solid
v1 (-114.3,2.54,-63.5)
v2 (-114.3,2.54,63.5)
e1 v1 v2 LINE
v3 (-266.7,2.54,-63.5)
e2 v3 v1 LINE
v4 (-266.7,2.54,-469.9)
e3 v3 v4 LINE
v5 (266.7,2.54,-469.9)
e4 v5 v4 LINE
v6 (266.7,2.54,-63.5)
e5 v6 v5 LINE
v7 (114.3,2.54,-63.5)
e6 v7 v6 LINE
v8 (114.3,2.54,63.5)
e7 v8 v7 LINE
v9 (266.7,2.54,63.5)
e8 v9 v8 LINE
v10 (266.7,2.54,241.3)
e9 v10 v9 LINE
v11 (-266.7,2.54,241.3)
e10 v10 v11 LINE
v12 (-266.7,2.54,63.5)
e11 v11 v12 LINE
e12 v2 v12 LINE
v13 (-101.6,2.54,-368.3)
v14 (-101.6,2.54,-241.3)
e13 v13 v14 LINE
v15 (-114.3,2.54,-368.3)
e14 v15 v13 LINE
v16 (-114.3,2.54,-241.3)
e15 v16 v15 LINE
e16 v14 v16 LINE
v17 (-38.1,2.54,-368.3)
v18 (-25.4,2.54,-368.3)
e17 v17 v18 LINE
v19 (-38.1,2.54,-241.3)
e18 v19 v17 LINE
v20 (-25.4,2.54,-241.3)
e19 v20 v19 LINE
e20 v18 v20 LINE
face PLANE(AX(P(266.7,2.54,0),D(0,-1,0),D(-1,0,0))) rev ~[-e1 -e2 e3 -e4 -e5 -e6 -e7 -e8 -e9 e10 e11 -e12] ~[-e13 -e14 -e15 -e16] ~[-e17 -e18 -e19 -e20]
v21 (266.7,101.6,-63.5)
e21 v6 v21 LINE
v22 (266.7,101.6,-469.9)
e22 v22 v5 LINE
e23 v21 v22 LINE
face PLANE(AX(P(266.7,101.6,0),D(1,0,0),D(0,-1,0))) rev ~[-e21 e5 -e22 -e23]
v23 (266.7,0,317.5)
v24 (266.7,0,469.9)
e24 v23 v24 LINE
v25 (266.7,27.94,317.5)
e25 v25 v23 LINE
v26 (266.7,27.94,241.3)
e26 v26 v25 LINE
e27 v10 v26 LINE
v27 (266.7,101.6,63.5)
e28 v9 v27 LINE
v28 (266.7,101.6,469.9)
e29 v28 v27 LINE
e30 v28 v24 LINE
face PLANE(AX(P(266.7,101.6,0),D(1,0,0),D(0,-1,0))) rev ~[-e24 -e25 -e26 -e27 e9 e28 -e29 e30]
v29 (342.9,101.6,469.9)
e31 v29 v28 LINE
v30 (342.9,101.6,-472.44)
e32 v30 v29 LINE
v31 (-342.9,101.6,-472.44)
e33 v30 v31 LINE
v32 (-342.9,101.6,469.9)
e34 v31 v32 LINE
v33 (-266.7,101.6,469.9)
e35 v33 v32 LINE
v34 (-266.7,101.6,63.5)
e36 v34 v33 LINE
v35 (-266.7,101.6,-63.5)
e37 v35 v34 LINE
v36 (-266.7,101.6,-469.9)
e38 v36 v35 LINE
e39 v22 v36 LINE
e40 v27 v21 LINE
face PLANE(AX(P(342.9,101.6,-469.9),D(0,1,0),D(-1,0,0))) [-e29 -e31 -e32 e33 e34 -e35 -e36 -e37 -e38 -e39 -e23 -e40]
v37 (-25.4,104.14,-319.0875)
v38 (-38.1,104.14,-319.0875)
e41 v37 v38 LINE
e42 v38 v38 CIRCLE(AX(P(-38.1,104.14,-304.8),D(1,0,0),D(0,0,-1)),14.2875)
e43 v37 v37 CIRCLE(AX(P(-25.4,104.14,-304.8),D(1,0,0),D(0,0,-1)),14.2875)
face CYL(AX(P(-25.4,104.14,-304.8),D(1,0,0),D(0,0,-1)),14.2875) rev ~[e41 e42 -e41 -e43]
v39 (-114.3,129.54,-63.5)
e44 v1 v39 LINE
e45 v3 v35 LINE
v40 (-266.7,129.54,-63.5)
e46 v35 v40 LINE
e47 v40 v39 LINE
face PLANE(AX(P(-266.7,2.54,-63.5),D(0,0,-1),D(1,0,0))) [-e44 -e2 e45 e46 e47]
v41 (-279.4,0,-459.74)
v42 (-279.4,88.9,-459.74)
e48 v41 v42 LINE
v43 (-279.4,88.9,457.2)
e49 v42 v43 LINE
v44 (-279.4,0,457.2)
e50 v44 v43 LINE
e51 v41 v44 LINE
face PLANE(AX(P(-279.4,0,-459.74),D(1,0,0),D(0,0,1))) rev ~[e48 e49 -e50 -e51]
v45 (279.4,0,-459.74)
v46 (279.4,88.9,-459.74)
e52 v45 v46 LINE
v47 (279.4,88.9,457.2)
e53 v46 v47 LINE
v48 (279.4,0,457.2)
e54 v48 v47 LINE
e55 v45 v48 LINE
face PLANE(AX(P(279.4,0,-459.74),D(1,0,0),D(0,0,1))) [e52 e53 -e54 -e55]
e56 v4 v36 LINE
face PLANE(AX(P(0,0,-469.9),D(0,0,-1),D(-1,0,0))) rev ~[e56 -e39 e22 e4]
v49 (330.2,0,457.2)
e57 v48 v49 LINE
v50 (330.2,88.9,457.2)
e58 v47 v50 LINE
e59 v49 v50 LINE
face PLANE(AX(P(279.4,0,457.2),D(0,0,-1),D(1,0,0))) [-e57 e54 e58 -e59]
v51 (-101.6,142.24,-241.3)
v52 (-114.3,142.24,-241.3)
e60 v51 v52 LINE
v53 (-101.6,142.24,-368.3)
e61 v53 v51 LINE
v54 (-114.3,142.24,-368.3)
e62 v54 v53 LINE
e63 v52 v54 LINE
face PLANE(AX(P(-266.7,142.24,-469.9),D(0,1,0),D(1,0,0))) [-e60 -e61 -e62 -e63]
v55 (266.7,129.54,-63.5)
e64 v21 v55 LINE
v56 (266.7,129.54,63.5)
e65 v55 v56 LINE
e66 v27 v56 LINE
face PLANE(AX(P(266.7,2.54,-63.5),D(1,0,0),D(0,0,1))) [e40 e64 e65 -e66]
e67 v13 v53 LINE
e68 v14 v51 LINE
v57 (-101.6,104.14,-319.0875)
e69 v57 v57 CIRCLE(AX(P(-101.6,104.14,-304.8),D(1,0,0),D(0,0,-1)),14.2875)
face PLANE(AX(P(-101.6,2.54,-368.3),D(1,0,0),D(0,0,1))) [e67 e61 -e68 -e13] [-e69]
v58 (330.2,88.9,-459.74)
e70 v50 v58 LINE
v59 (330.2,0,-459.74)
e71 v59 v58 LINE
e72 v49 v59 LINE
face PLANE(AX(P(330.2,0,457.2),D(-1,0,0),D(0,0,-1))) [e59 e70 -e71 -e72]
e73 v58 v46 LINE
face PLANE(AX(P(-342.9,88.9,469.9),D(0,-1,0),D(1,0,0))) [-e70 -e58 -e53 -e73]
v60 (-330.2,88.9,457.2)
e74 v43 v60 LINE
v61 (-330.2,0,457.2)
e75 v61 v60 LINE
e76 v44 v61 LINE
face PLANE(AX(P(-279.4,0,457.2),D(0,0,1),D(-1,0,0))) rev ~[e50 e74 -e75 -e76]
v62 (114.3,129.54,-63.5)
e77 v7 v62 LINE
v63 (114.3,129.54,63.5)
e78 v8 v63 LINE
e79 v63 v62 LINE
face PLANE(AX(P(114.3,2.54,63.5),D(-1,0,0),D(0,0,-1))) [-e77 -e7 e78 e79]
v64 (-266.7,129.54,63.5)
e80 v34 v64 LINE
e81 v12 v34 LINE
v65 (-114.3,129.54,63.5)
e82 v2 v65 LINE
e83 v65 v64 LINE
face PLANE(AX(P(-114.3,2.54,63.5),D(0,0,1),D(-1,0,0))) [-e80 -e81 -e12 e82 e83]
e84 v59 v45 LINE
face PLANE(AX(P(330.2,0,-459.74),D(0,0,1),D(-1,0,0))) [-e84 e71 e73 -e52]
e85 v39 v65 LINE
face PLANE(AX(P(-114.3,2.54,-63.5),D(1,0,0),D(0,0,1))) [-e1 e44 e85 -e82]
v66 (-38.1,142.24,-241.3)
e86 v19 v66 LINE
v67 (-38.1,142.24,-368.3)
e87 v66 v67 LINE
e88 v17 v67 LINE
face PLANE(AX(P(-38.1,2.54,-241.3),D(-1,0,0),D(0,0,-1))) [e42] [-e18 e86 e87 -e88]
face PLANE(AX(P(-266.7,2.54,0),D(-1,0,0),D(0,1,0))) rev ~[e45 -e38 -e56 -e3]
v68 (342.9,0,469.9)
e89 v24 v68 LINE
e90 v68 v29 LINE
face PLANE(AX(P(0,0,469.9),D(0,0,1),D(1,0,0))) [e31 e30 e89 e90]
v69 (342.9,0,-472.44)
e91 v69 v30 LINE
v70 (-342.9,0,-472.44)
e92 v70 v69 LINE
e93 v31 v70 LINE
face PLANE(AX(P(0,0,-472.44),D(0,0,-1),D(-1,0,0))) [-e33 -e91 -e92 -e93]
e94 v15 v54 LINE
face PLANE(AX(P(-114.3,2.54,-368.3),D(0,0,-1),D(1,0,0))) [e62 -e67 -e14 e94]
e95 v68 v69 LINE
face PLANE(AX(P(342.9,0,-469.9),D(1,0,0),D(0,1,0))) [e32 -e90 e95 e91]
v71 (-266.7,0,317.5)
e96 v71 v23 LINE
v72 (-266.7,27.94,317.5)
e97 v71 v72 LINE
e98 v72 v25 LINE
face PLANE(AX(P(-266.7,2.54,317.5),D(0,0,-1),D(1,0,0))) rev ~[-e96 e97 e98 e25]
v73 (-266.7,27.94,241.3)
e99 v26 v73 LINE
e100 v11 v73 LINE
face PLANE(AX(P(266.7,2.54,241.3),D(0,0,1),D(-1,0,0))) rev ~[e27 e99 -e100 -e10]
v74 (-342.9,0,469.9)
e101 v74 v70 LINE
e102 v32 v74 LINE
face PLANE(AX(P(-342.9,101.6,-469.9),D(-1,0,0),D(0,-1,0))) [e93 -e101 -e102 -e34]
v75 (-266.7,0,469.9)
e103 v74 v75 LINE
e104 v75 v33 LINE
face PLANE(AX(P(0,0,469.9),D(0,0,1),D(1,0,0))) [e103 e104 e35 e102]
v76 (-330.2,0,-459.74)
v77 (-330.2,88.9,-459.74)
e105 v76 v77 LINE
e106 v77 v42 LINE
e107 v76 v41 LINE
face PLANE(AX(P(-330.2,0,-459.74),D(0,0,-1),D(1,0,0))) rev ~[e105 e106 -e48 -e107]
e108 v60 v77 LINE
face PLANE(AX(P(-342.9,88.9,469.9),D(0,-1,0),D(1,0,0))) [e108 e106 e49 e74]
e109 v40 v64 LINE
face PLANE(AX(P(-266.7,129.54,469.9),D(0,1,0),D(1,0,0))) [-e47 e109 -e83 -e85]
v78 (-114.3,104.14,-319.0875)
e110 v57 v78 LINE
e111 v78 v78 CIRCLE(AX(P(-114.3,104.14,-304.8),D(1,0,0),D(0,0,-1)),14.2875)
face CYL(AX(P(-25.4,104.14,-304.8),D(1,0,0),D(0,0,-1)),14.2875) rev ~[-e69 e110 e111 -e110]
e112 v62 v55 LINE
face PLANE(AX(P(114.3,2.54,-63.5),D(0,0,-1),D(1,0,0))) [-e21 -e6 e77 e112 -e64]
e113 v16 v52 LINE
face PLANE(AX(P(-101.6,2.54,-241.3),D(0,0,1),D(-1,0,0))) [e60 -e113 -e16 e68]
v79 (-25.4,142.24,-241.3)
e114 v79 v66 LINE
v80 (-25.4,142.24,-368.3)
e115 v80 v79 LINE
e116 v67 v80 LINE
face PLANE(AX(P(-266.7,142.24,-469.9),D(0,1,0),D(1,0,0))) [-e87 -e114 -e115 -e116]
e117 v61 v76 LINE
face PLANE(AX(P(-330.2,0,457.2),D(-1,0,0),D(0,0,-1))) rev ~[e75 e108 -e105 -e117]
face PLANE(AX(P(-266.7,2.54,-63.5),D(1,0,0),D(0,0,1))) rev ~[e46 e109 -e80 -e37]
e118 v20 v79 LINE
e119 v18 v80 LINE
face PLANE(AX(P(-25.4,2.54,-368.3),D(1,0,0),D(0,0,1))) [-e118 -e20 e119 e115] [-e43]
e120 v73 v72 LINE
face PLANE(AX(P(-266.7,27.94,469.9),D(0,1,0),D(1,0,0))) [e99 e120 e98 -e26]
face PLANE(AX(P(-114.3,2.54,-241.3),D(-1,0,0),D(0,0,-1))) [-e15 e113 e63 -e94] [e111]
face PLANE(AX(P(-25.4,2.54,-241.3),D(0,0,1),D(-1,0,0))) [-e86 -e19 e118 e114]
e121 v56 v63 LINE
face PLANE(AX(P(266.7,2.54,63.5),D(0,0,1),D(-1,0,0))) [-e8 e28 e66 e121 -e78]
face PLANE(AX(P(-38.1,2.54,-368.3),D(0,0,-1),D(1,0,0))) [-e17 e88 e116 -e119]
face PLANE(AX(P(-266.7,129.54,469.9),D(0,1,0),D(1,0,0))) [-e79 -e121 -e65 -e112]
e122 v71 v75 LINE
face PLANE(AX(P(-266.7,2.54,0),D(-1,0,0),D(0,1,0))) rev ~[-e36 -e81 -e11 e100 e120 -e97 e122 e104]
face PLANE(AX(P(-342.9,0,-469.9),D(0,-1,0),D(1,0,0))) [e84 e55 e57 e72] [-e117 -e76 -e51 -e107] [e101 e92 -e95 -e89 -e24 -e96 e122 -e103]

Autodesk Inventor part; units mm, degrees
ref_plane "YZ Plane" through (0, 0, 0) normal (1, 0, 0) x (0, 1, 0)
ref_plane "XZ Plane" through (0, 0, 0) normal (0, 1, 0) x (-1, 0, 0)
ref_plane "XY Plane" through (0, 0, 0) normal (0, 0, 1) x (1, 0, 0)
sketch "Sketch1" plane through (0, 0, 0) normal (0, 0, 1) x (1, 0, 0)
  line L0 (-266.7, 101.6) -> (-342.9, 101.6)
  line L1 (-342.9, 101.6) -> (-342.9, 0)
  line L2 (-342.9, 0) -> (342.9, 0)
  line L3 (342.9, 0) -> (342.9, 101.6)
  line L4 (342.9, 101.6) -> (266.7, 101.6)
  line L5 (266.7, 101.6) -> (266.7, 2.54)
  line L6 (266.7, 2.54) -> (-266.7, 2.54)
  line L7 (-266.7, 2.54) -> (-266.7, 101.6)
  point P0 (0, 0)
  point P1 (0, 0)
  point P2 (0, 2.54)
  dimension "d0" = 685.8
  dimension "d1" = 101.6
  dimension "d2" = 76.2
  dimension "d3" = 2.54
extrude "Extrusion1" add sketch "Sketch1" along normal mid plane 939.8
sketch "Sketch2" plane through (0, 0, -469.9) normal (0, 0, -1) x (-1, 0, 0)
  line L0 (-342.9, 0) -> (-342.9, 101.6) projected
  line L1 (342.9, 0) -> (-342.9, 0) projected
  line L2 (-342.9, 101.6) -> (342.9, 101.6)
  line L3 (342.9, 101.6) -> (342.9, 0)
  line L4 (342.9, 0) -> (-342.9, 0)
  line L5 (-342.9, 0) -> (-342.9, 101.6)
  point P0 (0, 0)
extrude "Extrusion2" add sketch "Sketch2" along normal blind 2.54
sketch "Sketch3" plane through (-266.7, 2.54, 469.9) normal (0, 1, 0) x (1, 0, 0)
  line L0 (0, 0) -> (533.4, 0) projected
  line L1 (533.4, 939.8) -> (533.4, 0) projected
  line L2 (0, 939.8) -> (0, 0) projected
  line L3 (0, 152.4) -> (533.4, 152.4)
  line L4 (533.4, 152.4) -> (533.4, 228.6)
  line L5 (533.4, 228.6) -> (0, 228.6)
  line L6 (0, 228.6) -> (0, 152.4)
  line L7 (0, 533.4) -> (152.4, 533.4)
  line L8 (152.4, 533.4) -> (152.4, 406.4)
  line L9 (152.4, 406.4) -> (0, 406.4)
  line L10 (0, 406.4) -> (0, 533.4)
  line L11 (381, 533.4) -> (533.4, 533.4)
  line L12 (533.4, 533.4) -> (533.4, 406.4)
  line L13 (533.4, 406.4) -> (381, 406.4)
  line L14 (381, 406.4) -> (381, 533.4)
  point P0 (266.7, 469.9)
  point P1 (152.4, 469.9)
  dimension "d8" = 76.2
  dimension "d9" = 152.4
  dimension "d31" = 152.4
  dimension "d32" = 127
extrude "Extrusion7" cut sketch "Sketch3" against normal up to next contours L2 L3 L1 L0
extrude "Extrusion3" add sketch "Sketch3" along normal blind 25.4 contours L2 L5 L1 L3
extrude "Extrusion8" add sketch "Sketch3" along normal blind 127 contours L2 L7 L8 L9 | L13 L14 L11 L1
sketch "Sketch4" plane through (-342.9, 0, 469.9) normal (0, -1, 0) x (1, 0, 0)
  line L0 (685.8, 0) -> (0, 0) projected
  line L1 (0, -942.34) -> (0, 0) projected
  line L2 (0, -942.34) -> (685.8, -942.34) projected
  line L3 (76.2, -939.8) -> (76.2, -228.6) projected
  line L4 (342.9, -469.9) -> (342.9, 0) construction
  line L5 (12.7, -929.64) -> (63.5, -929.64)
  line L6 (63.5, -929.64) -> (63.5, -12.7)
  line L7 (63.5, -12.7) -> (12.7, -12.7)
  line L8 (12.7, -12.7) -> (12.7, -929.64)
  line L9 (673.1, -929.64) -> (622.3, -929.64)
  line L10 (622.3, -929.64) -> (622.3, -12.7)
  line L11 (622.3, -12.7) -> (673.1, -12.7)
  line L12 (673.1, -12.7) -> (673.1, -929.64)
  dimension "d12" = 12.7
  dimension "d13" = 12.7
  dimension "d14" = 12.7
  dimension "d15" = 12.7
extrude "Extrusion4" cut sketch "Sketch4" against normal blind 88.9
sketch "Sketch5" plane through (-266.7, 2.54, -469.9) normal (0, 1, 0) x (1, 0, 0)
  line L0 (533.4, 0) -> (0, 0) projected
  line L1 (0, 0) -> (0, -711.2) projected
  line L2 (152.4, -101.6) -> (165.1, -101.6)
  line L3 (165.1, -101.6) -> (165.1, -228.6)
  line L4 (165.1, -228.6) -> (152.4, -228.6)
  line L5 (152.4, -228.6) -> (152.4, -101.6)
  line L6 (228.6, -101.6) -> (241.3, -101.6)
  line L7 (241.3, -101.6) -> (241.3, -228.6)
  line L8 (241.3, -228.6) -> (228.6, -228.6)
  line L9 (228.6, -228.6) -> (228.6, -101.6)
  point P0 (266.7, -469.9)
  dimension "d18" = 12.7
  dimension "d19" = 127
  dimension "d20" = 63.5
  dimension "d21" = 152.4
  dimension "d22" = 101.6
extrude "Extrusion5" add sketch "Sketch5" along normal blind 139.7
sketch "Sketch6" plane through (-25.4, 2.54, -241.3) normal (1, 0, 0) x (0, 0, -1)
  line L0 (127, 139.7) -> (0, 139.7) projected
  circle A0 centre (63.5, 101.6) radius 14.2875
  point P0 (-241.3, -2.54)
  point P1 (63.5, 139.7)
  dimension "d25" = 28.575
  dimension "d26" = 38.1
extrude "Extrusion6" cut sketch "Sketch6" against normal up to surface (88.9 mm away)
properties part number "Concept"
